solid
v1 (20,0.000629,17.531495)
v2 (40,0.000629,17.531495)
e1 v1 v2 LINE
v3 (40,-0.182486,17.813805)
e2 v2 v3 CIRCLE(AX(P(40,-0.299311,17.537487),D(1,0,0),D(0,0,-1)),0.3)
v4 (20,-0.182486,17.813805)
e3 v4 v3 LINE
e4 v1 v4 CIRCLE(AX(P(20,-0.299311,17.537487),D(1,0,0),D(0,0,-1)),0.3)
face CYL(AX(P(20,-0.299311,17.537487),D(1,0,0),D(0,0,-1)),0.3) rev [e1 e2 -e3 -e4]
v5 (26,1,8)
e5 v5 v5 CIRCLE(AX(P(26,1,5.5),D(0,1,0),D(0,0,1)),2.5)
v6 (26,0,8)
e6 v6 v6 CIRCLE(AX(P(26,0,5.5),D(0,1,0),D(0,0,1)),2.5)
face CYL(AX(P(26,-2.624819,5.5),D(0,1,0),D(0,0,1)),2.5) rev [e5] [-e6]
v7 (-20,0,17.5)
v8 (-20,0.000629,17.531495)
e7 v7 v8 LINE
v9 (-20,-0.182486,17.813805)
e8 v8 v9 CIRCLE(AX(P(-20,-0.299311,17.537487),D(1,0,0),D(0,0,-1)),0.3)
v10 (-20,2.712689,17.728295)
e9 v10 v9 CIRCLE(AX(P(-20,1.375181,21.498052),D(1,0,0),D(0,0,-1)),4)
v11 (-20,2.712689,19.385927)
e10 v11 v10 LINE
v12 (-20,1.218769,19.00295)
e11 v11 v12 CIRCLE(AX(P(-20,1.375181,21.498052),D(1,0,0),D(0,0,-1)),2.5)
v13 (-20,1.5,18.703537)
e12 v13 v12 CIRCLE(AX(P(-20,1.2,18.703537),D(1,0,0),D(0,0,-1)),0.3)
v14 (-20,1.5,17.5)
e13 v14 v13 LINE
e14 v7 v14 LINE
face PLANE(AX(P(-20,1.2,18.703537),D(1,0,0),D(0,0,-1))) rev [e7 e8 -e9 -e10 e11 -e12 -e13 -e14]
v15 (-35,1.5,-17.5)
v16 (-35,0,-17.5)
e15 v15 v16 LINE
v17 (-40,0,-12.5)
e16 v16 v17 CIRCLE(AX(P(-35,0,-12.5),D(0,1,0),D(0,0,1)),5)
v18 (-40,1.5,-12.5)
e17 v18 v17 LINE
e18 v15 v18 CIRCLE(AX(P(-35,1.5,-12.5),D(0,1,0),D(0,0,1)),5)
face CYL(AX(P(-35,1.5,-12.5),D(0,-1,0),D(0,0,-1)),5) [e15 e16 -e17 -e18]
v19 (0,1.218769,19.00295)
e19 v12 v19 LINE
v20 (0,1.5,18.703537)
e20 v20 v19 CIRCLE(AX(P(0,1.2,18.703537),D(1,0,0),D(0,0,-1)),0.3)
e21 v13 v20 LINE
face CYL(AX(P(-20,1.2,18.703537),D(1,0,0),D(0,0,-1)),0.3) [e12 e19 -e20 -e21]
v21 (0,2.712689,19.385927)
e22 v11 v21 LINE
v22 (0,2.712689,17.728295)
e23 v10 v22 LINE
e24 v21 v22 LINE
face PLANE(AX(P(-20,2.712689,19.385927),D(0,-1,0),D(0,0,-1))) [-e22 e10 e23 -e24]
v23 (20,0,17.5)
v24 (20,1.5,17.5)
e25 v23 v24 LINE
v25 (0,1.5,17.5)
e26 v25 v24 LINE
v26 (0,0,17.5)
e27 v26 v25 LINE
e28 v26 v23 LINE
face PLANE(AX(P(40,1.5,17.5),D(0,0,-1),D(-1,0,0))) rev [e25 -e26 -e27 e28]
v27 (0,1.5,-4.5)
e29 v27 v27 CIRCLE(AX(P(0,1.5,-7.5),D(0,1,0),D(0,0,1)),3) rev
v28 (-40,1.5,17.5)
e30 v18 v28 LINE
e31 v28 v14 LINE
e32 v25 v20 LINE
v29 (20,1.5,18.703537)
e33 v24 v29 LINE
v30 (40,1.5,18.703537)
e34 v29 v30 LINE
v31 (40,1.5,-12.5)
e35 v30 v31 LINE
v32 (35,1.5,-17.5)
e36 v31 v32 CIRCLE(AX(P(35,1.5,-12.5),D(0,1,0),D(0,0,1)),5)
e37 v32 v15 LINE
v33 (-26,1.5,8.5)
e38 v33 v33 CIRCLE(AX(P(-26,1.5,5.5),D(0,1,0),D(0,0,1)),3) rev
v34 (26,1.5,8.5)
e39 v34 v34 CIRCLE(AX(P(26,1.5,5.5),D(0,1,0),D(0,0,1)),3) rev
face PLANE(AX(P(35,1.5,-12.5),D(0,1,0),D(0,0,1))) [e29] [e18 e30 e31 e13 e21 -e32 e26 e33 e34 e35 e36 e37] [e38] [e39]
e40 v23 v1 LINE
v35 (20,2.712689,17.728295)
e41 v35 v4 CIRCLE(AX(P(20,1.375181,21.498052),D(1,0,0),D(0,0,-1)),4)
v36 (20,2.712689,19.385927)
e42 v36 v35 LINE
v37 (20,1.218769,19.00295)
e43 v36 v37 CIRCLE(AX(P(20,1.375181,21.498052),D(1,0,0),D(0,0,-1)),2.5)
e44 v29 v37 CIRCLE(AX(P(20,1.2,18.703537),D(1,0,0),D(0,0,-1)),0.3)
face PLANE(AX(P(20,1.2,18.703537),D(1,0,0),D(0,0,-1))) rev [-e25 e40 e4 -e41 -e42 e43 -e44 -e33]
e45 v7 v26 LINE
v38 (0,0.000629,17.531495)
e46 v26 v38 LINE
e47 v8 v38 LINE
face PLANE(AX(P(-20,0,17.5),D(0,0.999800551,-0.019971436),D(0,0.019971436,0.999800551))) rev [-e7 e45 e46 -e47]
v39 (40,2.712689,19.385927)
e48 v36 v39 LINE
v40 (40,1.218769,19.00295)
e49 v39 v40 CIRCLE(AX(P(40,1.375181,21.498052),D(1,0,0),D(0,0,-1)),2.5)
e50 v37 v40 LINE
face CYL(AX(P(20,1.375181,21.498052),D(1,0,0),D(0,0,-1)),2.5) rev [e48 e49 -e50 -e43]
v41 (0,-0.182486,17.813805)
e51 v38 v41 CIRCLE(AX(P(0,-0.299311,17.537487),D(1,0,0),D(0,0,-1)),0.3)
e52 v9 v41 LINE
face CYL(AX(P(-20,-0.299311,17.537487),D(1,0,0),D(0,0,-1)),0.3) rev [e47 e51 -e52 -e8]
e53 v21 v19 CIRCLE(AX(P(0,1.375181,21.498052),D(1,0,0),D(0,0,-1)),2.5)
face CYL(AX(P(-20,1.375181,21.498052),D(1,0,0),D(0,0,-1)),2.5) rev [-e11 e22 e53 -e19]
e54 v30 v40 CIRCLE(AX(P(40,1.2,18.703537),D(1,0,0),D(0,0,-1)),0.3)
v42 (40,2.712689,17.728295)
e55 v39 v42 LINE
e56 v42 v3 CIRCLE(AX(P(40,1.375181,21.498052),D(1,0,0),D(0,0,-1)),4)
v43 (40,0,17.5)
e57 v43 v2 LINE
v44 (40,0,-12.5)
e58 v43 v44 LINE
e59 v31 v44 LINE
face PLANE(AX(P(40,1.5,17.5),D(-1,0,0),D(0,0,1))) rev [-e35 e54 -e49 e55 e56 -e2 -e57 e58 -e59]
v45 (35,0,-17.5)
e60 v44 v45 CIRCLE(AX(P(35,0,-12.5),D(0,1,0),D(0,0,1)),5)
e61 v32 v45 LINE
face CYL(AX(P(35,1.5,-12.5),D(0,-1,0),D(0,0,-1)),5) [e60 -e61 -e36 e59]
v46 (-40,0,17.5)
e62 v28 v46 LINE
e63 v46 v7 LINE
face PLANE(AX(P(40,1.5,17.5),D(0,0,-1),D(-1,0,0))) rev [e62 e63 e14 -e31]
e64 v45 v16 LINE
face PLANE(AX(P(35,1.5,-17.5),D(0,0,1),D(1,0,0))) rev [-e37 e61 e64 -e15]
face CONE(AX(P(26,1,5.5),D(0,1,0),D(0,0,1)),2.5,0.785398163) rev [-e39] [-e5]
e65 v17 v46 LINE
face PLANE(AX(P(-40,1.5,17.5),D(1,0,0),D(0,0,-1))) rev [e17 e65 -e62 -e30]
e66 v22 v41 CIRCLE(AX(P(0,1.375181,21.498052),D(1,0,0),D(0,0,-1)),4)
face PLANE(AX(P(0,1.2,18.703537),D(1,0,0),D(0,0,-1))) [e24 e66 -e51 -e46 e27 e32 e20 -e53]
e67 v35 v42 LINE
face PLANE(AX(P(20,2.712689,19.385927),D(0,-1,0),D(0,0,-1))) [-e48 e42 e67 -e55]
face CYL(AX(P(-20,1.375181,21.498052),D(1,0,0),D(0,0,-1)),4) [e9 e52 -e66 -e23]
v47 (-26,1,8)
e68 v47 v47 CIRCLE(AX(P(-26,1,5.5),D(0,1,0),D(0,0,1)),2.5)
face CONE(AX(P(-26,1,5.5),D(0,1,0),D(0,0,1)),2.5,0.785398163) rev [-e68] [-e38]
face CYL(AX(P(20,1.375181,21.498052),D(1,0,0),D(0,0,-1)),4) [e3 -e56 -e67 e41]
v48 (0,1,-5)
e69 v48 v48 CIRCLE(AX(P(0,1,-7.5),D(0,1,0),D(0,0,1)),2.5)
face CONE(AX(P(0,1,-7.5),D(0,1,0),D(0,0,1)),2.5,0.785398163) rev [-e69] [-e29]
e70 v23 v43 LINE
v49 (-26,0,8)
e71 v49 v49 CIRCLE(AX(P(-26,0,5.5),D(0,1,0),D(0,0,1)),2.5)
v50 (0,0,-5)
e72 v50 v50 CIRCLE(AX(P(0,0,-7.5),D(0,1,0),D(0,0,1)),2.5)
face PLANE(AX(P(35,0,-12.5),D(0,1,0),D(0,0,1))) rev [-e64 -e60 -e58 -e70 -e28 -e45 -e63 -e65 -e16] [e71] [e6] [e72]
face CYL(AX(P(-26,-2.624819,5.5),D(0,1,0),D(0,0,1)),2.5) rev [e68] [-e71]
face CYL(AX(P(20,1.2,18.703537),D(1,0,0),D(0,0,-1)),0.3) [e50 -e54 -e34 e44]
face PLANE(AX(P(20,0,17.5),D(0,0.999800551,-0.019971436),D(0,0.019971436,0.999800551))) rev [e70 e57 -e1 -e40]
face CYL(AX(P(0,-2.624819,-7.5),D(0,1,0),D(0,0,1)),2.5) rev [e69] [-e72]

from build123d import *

# Parameters (mm, degrees)
BOSS_EXTRUDE1_DEPTH = 1.5
BOSS_EXTRUDE2_DEPTH = 20
LPATTERN1_COUNT     = 2
LPATTERN1_PITCH     = 40
SKETCH4_R           = 2.5
CUT_EXTRUDE1_DEPTH  = 5.124819455
CHAMFER1_SIZE       = 0.5


with BuildPart() as part:
    # Sketch1 → Boss-Extrude1 (new body)
    with BuildSketch(Plane(origin=(0, 0, 0), x_dir=(1, 0, 0), z_dir=(0, 1, 0))):
        with BuildLine():
            Line((40, -17.5), (-40, -17.5))
            Line((-40, -17.5), (-40, 12.5))
            ThreePointArc((-40, 12.5), (-38.535533906, 16.035533906), (-35, 17.5))
            Line((-35, 17.5), (35, 17.5))
            ThreePointArc((35, 17.5), (38.535533906, 16.035533906), (40, 12.5))
            Line((40, 12.5), (40, -17.5))
        make_face()
    extrude(amount=BOSS_EXTRUDE1_DEPTH)

    # Sketch3 → Boss-Extrude2 (add)
    with BuildSketch(Plane(origin=(40, 0, 0), x_dir=(0, 0, -1), z_dir=(1, 0, 0))):
        with BuildLine():
            Line((-19.385927186, 2.712688903), (-17.728294567, 2.712688903))
            ThreePointArc((-17.728294567, 2.712688903), (-25.49630848, 1.493271308), (-17.813805195, -0.182486041))
            ThreePointArc((-17.813805195, -0.182486041), (-17.700741006, -0.047620698), (-17.531495251, 0.000629131))
            Line((-17.531495251, 0.000629131), (-17.5, 0))
            Line((-17.5, 0), (-17.5, 1.5))
            Line((-17.5, 1.5), (-18.703537452, 1.5))
            ThreePointArc((-18.703537452, 1.5), (-18.908926347, 1.418667331), (-19.002949729, 1.218769344))
            ThreePointArc((-19.002949729, 1.218769344), (-23.919742449, 0.754362088), (-19.385927186, 2.712688903))
        make_face()
    boss_extrude2 = extrude(amount=-BOSS_EXTRUDE2_DEPTH)

    # LPattern1: Boss-Extrude2 ×2
    with Locations(*[(-i * LPATTERN1_PITCH, 0, 0) for i in range(1, LPATTERN1_COUNT)]):
        add(boss_extrude2)

    # Sketch4 → Cut-Extrude1 (cut, through all)
    with BuildSketch(Plane(origin=(0, 1.5, 0), x_dir=(1, 0, 0), z_dir=(0, 1, 0))):
        with Locations((0, 7.5)):
            Circle(SKETCH4_R)
        with Locations((-26, -5.5)):
            Circle(SKETCH4_R)
        with Locations((26, -5.5)):
            Circle(SKETCH4_R)
    extrude(amount=-CUT_EXTRUDE1_DEPTH, mode=Mode.SUBTRACT)

    # Chamfer1
    chamfer1_edges = [part.edges().sort_by_distance(p)[0] for p in [
        (-2.5, 1.5, -7.5),
        (-28.5, 1.5, 5.5),
        (23.5, 1.5, 5.5),
    ]]
    chamfer(chamfer1_edges, length=CHAMFER1_SIZE)


solid = part.part
